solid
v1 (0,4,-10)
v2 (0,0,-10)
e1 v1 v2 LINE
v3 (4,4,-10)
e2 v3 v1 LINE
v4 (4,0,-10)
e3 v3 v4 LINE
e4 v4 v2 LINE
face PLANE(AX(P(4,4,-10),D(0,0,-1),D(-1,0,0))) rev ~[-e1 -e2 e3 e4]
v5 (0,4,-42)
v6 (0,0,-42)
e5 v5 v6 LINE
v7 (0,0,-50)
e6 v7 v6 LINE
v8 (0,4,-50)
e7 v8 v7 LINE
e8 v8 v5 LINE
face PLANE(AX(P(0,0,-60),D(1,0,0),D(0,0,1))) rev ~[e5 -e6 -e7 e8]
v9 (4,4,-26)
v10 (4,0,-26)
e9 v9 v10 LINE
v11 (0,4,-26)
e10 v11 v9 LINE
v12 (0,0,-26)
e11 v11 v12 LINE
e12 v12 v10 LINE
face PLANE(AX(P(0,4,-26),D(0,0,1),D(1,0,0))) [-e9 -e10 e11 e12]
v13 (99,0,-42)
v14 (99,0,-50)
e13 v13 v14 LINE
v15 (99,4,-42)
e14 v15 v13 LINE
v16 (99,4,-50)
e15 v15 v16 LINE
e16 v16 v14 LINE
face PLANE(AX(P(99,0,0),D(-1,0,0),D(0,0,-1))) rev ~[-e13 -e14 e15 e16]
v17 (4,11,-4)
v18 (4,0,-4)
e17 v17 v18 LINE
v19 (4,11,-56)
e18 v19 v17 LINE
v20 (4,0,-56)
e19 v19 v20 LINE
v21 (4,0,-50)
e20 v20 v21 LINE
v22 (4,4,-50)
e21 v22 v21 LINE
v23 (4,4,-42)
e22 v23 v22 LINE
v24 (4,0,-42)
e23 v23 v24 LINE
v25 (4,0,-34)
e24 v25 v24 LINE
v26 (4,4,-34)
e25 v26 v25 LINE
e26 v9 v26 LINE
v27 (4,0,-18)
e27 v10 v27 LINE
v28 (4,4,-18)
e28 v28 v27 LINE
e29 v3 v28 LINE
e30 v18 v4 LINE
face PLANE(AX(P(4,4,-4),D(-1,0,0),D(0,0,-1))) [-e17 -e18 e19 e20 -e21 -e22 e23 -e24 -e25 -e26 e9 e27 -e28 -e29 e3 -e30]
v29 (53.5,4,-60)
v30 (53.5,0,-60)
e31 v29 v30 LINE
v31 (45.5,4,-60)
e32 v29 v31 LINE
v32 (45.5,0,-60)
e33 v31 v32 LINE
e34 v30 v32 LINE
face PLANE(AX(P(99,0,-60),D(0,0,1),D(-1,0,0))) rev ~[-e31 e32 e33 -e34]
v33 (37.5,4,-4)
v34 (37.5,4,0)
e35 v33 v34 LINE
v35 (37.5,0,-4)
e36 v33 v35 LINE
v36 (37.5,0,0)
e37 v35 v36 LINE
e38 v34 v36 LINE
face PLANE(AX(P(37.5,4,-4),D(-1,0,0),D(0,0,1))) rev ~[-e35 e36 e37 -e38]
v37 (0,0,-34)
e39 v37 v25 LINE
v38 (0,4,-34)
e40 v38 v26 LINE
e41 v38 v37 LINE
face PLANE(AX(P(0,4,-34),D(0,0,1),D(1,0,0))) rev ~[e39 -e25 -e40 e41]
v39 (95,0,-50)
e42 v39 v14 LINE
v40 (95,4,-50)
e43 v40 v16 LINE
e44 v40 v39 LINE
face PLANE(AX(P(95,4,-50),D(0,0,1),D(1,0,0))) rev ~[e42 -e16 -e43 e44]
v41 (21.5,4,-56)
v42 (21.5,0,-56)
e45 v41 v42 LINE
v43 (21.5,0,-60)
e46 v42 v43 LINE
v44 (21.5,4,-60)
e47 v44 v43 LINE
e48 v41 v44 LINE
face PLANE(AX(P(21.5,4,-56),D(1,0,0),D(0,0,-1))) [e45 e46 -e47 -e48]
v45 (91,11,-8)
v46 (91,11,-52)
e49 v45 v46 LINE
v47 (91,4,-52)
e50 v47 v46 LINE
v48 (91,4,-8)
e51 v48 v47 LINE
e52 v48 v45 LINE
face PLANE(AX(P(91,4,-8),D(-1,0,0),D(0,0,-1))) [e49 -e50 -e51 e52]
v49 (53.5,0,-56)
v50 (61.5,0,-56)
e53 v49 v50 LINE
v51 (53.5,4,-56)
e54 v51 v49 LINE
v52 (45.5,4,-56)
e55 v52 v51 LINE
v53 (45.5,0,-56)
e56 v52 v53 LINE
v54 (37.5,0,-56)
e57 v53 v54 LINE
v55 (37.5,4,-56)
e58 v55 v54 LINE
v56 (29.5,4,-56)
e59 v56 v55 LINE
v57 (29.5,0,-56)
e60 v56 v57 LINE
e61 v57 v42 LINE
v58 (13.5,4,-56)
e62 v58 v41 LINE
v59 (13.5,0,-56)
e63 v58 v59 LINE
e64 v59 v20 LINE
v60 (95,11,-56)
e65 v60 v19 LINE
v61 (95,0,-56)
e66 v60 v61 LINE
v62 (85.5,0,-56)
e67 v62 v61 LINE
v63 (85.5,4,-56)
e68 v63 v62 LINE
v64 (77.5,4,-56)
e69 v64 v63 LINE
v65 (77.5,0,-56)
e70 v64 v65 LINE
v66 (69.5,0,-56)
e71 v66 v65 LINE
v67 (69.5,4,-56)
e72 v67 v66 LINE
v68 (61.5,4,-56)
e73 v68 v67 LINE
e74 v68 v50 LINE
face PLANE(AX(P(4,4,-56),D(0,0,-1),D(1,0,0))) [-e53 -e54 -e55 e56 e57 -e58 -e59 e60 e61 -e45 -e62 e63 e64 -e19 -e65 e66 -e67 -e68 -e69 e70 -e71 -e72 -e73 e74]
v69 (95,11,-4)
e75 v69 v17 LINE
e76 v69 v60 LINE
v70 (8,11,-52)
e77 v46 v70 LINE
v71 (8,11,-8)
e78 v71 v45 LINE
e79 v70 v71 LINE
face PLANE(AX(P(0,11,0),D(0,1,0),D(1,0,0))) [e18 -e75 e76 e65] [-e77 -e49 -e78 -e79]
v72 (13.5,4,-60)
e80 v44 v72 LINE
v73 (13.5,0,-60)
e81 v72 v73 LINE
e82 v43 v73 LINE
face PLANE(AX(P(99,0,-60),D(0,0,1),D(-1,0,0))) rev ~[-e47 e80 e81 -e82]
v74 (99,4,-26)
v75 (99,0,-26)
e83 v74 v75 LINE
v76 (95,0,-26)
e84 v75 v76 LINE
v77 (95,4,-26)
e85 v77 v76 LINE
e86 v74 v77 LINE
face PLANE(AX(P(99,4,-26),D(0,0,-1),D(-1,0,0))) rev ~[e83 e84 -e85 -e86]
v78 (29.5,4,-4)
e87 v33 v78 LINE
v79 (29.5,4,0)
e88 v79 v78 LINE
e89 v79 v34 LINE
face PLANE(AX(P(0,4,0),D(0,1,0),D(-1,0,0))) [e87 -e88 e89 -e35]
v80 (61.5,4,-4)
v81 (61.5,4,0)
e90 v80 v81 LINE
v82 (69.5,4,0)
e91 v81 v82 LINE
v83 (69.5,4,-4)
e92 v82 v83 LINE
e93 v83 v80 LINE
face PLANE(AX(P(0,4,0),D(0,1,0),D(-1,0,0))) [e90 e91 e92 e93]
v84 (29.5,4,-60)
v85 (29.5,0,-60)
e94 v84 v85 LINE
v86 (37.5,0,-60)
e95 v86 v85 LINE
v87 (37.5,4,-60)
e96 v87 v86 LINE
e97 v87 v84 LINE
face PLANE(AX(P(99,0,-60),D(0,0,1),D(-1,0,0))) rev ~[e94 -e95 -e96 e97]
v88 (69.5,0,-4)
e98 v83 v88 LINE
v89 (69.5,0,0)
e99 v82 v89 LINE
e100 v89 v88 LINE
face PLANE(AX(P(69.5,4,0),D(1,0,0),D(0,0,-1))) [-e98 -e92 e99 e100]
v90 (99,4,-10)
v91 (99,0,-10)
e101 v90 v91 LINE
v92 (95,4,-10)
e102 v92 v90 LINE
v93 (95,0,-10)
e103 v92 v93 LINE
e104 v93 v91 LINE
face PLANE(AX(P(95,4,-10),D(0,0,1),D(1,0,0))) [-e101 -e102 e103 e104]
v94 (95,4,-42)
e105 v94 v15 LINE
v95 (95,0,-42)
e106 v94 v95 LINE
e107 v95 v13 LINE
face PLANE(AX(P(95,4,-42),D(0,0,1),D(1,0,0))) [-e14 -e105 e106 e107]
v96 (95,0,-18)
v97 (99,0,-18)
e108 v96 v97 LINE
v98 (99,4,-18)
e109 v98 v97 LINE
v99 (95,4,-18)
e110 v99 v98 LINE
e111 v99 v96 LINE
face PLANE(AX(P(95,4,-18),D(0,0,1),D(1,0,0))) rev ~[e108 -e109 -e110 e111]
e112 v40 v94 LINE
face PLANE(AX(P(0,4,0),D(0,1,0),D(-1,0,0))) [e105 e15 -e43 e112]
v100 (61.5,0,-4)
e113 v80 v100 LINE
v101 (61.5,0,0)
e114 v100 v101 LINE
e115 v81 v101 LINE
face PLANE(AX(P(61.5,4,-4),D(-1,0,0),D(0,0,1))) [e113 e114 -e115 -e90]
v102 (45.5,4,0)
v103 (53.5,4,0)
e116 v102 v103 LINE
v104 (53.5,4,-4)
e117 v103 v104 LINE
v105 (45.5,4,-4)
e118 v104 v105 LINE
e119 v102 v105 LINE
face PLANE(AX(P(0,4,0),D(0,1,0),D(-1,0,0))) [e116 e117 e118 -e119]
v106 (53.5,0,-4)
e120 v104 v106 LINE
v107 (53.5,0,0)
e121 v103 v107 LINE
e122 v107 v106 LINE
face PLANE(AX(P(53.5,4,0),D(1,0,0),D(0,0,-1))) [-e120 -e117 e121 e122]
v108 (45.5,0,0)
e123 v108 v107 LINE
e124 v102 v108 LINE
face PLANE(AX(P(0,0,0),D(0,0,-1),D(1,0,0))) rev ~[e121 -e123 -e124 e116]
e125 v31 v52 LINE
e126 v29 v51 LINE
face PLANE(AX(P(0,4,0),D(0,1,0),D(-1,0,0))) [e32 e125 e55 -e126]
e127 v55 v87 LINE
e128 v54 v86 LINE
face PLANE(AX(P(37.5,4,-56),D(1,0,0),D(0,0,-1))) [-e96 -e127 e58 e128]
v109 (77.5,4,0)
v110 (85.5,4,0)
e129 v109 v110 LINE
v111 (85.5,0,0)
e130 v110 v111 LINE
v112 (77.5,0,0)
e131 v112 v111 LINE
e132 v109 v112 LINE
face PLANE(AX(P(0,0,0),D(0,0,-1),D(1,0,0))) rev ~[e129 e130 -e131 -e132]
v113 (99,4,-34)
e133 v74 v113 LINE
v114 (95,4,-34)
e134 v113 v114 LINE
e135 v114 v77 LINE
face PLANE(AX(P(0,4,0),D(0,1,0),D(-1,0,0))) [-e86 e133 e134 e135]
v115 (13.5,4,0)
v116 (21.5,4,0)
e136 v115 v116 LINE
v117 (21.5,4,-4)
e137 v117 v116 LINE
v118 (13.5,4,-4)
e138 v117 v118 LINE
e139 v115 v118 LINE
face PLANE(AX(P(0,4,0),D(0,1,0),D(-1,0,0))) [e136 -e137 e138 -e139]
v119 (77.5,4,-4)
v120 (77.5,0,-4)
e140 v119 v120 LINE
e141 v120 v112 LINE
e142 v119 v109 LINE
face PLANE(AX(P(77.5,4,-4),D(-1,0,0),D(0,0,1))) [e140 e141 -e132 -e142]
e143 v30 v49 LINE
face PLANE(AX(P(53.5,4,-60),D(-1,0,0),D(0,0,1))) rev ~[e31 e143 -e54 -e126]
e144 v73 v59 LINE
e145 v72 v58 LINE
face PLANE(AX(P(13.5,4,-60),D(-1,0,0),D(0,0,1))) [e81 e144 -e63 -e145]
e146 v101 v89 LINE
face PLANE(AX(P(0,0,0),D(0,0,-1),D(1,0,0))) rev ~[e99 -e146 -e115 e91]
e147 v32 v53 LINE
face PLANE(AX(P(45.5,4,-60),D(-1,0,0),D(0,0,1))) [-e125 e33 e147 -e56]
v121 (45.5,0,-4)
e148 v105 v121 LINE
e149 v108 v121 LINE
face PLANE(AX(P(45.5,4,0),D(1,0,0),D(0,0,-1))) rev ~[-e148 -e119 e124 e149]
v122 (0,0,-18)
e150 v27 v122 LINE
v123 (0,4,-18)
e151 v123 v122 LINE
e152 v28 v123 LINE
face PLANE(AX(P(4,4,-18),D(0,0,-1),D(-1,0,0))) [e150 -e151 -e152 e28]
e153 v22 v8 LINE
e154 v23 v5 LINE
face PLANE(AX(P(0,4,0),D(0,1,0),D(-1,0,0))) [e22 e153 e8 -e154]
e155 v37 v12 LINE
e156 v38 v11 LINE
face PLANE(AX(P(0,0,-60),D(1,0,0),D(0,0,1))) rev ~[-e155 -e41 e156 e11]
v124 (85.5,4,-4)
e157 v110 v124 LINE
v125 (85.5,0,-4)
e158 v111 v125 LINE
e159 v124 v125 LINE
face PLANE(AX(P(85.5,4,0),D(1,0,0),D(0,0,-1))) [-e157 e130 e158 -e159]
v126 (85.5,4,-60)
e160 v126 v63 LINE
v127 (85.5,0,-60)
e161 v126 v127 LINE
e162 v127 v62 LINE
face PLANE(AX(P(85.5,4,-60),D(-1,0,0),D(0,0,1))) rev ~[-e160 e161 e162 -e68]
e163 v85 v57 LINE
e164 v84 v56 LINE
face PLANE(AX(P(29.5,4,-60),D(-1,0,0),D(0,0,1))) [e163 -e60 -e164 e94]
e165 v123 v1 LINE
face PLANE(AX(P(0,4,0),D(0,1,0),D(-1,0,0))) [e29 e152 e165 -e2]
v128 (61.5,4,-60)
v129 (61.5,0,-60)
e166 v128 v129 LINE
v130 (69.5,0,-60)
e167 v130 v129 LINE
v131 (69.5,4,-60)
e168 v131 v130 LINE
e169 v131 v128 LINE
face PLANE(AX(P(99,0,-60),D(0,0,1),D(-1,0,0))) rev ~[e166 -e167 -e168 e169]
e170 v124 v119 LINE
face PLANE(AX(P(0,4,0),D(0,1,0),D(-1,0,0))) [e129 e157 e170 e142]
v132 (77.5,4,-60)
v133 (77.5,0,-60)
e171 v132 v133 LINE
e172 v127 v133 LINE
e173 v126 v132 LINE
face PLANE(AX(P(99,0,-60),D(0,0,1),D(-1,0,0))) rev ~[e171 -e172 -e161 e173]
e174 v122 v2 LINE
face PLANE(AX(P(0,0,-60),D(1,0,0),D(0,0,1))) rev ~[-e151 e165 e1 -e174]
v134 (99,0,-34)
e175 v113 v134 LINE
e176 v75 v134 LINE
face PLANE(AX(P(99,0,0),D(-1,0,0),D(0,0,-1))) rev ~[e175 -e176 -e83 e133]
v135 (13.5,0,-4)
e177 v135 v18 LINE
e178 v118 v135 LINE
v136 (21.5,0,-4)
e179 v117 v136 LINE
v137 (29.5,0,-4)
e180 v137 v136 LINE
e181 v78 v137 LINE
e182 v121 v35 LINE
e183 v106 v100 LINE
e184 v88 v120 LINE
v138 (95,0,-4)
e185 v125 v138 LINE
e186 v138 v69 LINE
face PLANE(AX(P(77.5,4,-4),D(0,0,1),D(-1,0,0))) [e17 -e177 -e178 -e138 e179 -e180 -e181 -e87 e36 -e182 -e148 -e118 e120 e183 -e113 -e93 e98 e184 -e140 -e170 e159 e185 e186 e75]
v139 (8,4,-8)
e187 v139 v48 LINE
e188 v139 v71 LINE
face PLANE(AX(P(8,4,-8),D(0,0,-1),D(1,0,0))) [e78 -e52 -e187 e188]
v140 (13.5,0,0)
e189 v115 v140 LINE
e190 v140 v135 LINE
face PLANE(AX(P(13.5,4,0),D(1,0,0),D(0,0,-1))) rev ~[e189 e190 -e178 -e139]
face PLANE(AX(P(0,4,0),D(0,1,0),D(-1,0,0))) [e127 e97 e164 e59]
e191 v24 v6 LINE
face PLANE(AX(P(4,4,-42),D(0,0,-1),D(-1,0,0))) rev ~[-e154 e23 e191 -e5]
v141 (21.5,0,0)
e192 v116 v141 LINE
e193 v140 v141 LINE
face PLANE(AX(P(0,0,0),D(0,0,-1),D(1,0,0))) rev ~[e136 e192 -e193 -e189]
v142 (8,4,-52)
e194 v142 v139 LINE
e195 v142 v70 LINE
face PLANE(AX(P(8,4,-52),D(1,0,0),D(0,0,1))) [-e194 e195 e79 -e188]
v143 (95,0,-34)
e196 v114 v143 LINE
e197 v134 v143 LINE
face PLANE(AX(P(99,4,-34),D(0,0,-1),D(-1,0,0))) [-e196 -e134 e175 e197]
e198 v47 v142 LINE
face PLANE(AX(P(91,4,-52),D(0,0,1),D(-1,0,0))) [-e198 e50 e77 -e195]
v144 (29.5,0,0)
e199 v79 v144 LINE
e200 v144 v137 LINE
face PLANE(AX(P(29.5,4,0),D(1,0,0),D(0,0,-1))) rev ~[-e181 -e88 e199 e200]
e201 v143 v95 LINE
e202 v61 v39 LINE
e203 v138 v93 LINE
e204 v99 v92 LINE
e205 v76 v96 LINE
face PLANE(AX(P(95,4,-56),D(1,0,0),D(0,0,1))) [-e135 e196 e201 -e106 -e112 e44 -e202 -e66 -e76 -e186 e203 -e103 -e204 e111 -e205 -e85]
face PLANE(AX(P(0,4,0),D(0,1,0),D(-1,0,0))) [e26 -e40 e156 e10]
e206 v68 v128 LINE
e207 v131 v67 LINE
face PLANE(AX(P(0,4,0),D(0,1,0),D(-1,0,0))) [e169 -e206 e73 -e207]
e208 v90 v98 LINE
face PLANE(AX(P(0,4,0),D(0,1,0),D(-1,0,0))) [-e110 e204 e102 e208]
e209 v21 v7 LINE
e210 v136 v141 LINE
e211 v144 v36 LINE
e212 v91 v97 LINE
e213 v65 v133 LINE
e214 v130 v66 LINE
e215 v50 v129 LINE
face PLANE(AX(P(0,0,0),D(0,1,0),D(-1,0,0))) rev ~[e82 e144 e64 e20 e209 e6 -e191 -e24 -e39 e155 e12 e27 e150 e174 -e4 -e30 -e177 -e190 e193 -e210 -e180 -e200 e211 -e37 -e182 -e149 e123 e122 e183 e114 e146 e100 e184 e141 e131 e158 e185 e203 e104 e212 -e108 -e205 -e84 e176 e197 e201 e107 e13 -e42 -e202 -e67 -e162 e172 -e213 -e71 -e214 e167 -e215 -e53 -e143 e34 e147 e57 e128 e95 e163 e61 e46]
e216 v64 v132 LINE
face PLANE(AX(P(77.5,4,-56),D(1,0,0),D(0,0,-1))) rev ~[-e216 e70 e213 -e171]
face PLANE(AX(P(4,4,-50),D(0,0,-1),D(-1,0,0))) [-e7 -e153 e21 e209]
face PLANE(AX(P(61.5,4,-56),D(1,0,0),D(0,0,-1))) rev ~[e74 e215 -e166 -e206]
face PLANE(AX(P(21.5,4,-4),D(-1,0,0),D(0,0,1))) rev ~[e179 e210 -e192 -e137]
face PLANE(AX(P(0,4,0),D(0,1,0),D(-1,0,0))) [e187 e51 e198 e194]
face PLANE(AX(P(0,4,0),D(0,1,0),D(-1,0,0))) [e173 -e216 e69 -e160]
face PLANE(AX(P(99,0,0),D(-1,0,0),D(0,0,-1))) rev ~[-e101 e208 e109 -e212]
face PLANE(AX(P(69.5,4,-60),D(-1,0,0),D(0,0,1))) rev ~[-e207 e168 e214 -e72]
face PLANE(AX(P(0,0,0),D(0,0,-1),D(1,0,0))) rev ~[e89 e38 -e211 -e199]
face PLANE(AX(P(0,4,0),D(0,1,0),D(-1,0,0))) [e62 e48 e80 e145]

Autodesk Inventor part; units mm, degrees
ref_plane "YZ Plane" through (0, 0, 0) normal (1, 0, 0) x (0, 1, 0)
ref_plane "XZ Plane" through (0, 0, 0) normal (0, 1, 0) x (-1, 0, 0)
ref_plane "XY Plane" through (0, 0, 0) normal (0, 0, 1) x (1, 0, 0)
sketch "Sketch1" plane through (0, 0, 0) normal (0, 1, 0) x (-1, 0, 0)
  line L0 (0, 0) -> (-99, 0)
  line L1 (-99, 0) -> (-99, -60)
  line L2 (-99, -60) -> (0, -60)
  line L3 (0, -60) -> (0, 0)
  dimension "d0" = 99
  dimension "d1" = 60
extrude "Extrusion1" add sketch "Sketch1" along normal blind 4
sketch "Sketch3" plane through (0, 4, 0) normal (0, 1, 0) x (1, 0, 0)
  line L0 (99, 60) -> (0, 60) construction
  line L1 (0, 60) -> (0, 0) construction
  line L2 (0, 0) -> (99, 0) construction
  line L3 (99, 0) -> (99, 60) construction
  line L4 (4, 56) -> (95, 56) construction
  line L5 (95, 56) -> (95, 4) construction
  line L6 (95, 4) -> (4, 4) construction
  line L7 (4, 4) -> (4, 56) construction
  line L8 (0, 30) -> (99, 30) construction
  line L9 (49.5, 0) -> (49.5, 60) construction
  line L10 (0, 50) -> (0, 60)
  line L11 (0, 60) -> (13.5, 60)
  line L12 (13.5, 60) -> (13.5, 56)
  line L13 (13.5, 56) -> (4, 56)
  line L14 (4, 56) -> (4, 50)
  line L15 (4, 50) -> (0, 50)
  line L16 (0, 34) -> (4, 34)
  line L17 (4, 34) -> (4, 42)
  line L18 (4, 42) -> (0, 42)
  line L19 (0, 42) -> (0, 34)
  line L20 (45.5, 56) -> (37.5, 56)
  line L21 (37.5, 56) -> (37.5, 60)
  line L22 (37.5, 60) -> (45.5, 60)
  line L23 (45.5, 60) -> (45.5, 56)
  line L24 (29.5, 56) -> (21.5, 56)
  line L25 (21.5, 56) -> (21.5, 60)
  line L26 (21.5, 60) -> (29.5, 60)
  line L27 (29.5, 60) -> (29.5, 56)
  line L28 (0, 10) -> (0, 0)
  line L29 (0, 0) -> (13.5, 0)
  line L30 (13.5, 0) -> (13.5, 4)
  line L31 (13.5, 4) -> (4, 4)
  line L32 (4, 4) -> (4, 10)
  line L33 (4, 10) -> (0, 10)
  line L34 (0, 26) -> (4, 26)
  line L35 (4, 26) -> (4, 18)
  line L36 (4, 18) -> (0, 18)
  line L37 (0, 18) -> (0, 26)
  line L38 (45.5, 4) -> (37.5, 4)
  line L39 (37.5, 4) -> (37.5, 0)
  line L40 (37.5, 0) -> (45.5, 0)
  line L41 (45.5, 0) -> (45.5, 4)
  line L42 (29.5, 4) -> (21.5, 4)
  line L43 (21.5, 4) -> (21.5, 0)
  line L44 (21.5, 0) -> (29.5, 0)
  line L45 (29.5, 0) -> (29.5, 4)
  line L46 (99, 60) -> (99, 0) construction
  line L47 (95, 4) -> (95, 56) construction
  line L48 (99, 50) -> (99, 60)
  line L49 (99, 60) -> (85.5, 60)
  line L50 (85.5, 60) -> (85.5, 56)
  line L51 (85.5, 56) -> (95, 56)
  line L52 (95, 56) -> (95, 50)
  line L53 (95, 50) -> (99, 50)
  line L54 (99, 34) -> (95, 34)
  line L55 (95, 34) -> (95, 42)
  line L56 (95, 42) -> (99, 42)
  line L57 (99, 42) -> (99, 34)
  line L58 (53.5, 56) -> (61.5, 56)
  line L59 (61.5, 56) -> (61.5, 60)
  line L60 (61.5, 60) -> (53.5, 60)
  line L61 (53.5, 60) -> (53.5, 56)
  line L62 (69.5, 56) -> (77.5, 56)
  line L63 (77.5, 56) -> (77.5, 60)
  line L64 (77.5, 60) -> (69.5, 60)
  line L65 (69.5, 60) -> (69.5, 56)
  line L66 (77.5, 4) -> (77.5, 0)
  line L67 (69.5, 4) -> (77.5, 4)
  line L68 (77.5, 0) -> (69.5, 0)
  line L69 (69.5, 0) -> (69.5, 4)
  line L70 (61.5, 4) -> (61.5, 0)
  line L71 (53.5, 0) -> (53.5, 4)
  line L72 (53.5, 4) -> (61.5, 4)
  line L73 (61.5, 0) -> (53.5, 0)
  line L74 (85.5, 0) -> (85.5, 4)
  line L75 (85.5, 4) -> (95, 4)
  line L76 (95, 4) -> (95, 10)
  line L77 (99, 0) -> (85.5, 0)
  line L78 (99, 10) -> (99, 0)
  line L79 (95, 10) -> (99, 10)
  line L80 (95, 18) -> (99, 18)
  line L81 (95, 26) -> (95, 18)
  line L82 (99, 18) -> (99, 26)
  line L83 (99, 26) -> (95, 26)
  dimension "d11" = 4
  dimension "d12" = 8
  dimension "d13" = 4
  dimension "d14" = 8
  dimension "d15" = 8
  dimension "d16" = 4
  dimension "d17" = 8
  dimension "d18" = 8
  dimension "d19" = 8
extrude "Extrusion3" cut sketch "Sketch3" against normal up to surface (4 mm away)
sketch "Sketch5" plane through (0, 4, 0) normal (0, 1, 0) x (1, 0, 0)
  line L0 (77.5, 0) -> (85.5, 0) projected
  line L1 (99, 42) -> (99, 50) projected
  line L2 (21.5, 60) -> (13.5, 60) projected
  line L3 (0, 18) -> (0, 10) projected
  line L4 (4, 56) -> (95, 56)
  line L5 (95, 56) -> (95, 4)
  line L6 (95, 4) -> (4, 4)
  line L7 (4, 4) -> (4, 56)
  line L8 (91, 52) -> (8, 52)
  line L9 (8, 52) -> (8, 8)
  line L10 (8, 8) -> (91, 8)
  line L11 (91, 8) -> (91, 52)
  line L12 (13.5, 60) -> (13.5, 56) projected
  line L13 (13.5, 56) -> (4, 56) projected
  line L14 (4, 56) -> (4, 50) projected
  line L15 (4, 50) -> (0, 50) projected
  line L16 (0, 50) -> (0, 42) projected
  line L17 (0, 42) -> (4, 42) projected
  line L18 (4, 42) -> (4, 34) projected
  line L19 (4, 34) -> (0, 34) projected
  line L20 (0, 34) -> (0, 26) projected
  line L21 (0, 26) -> (4, 26) projected
  line L22 (4, 26) -> (4, 18) projected
  line L23 (4, 18) -> (0, 18) projected
  line L24 (0, 10) -> (4, 10) projected
  line L25 (4, 10) -> (4, 4) projected
  line L26 (4, 4) -> (13.5, 4) projected
  line L27 (13.5, 4) -> (13.5, 0) projected
  line L28 (13.5, 0) -> (21.5, 0) projected
  line L29 (21.5, 0) -> (21.5, 4) projected
  line L30 (21.5, 4) -> (29.5, 4) projected
  line L31 (29.5, 4) -> (29.5, 0) projected
  line L32 (29.5, 0) -> (37.5, 0) projected
  line L33 (37.5, 0) -> (37.5, 4) projected
  line L34 (37.5, 4) -> (45.5, 4) projected
  line L35 (45.5, 4) -> (45.5, 0) projected
  line L36 (45.5, 0) -> (53.5, 0) projected
  line L37 (53.5, 0) -> (53.5, 4) projected
  line L38 (53.5, 4) -> (61.5, 4) projected
  line L39 (61.5, 4) -> (61.5, 0) projected
  line L40 (61.5, 0) -> (69.5, 0) projected
  line L41 (69.5, 0) -> (69.5, 4) projected
  line L42 (69.5, 4) -> (77.5, 4) projected
  line L43 (77.5, 4) -> (77.5, 0) projected
  line L44 (85.5, 0) -> (85.5, 4) projected
  line L45 (85.5, 4) -> (95, 4) projected
  line L46 (95, 4) -> (95, 10) projected
  line L47 (95, 10) -> (99, 10) projected
  line L48 (99, 10) -> (99, 18) projected
  line L49 (99, 18) -> (95, 18) projected
  line L50 (95, 18) -> (95, 26) projected
  line L51 (95, 26) -> (99, 26) projected
  line L52 (99, 26) -> (99, 34) projected
  line L53 (99, 34) -> (95, 34) projected
  line L54 (95, 34) -> (95, 42) projected
  line L55 (95, 42) -> (99, 42) projected
  line L56 (99, 50) -> (95, 50) projected
  line L57 (95, 50) -> (95, 56) projected
  line L58 (95, 56) -> (85.5, 56) projected
  line L59 (85.5, 56) -> (85.5, 60) projected
  line L60 (85.5, 60) -> (77.5, 60) projected
  line L61 (77.5, 60) -> (77.5, 56) projected
  line L62 (77.5, 56) -> (69.5, 56) projected
  line L63 (69.5, 56) -> (69.5, 60) projected
  line L64 (69.5, 60) -> (61.5, 60) projected
  line L65 (61.5, 60) -> (61.5, 56) projected
  line L66 (61.5, 56) -> (53.5, 56) projected
  line L67 (53.5, 56) -> (53.5, 60) projected
  line L68 (53.5, 60) -> (45.5, 60) projected
  line L69 (45.5, 60) -> (45.5, 56) projected
  line L70 (45.5, 56) -> (37.5, 56) projected
  line L71 (37.5, 56) -> (37.5, 60) projected
  line L72 (37.5, 60) -> (29.5, 60) projected
  line L73 (29.5, 60) -> (29.5, 56) projected
  line L74 (29.5, 56) -> (21.5, 56) projected
  line L75 (21.5, 56) -> (21.5, 60) projected
  point P0 (0, 0)
  dimension "d22" = 4
  dimension "d23" = 4
extrude "Extrusion4" add sketch "Sketch5" along normal blind 7 contours L6 L7 L4 L5
properties part number "top" material "PBT Plastic Black"
